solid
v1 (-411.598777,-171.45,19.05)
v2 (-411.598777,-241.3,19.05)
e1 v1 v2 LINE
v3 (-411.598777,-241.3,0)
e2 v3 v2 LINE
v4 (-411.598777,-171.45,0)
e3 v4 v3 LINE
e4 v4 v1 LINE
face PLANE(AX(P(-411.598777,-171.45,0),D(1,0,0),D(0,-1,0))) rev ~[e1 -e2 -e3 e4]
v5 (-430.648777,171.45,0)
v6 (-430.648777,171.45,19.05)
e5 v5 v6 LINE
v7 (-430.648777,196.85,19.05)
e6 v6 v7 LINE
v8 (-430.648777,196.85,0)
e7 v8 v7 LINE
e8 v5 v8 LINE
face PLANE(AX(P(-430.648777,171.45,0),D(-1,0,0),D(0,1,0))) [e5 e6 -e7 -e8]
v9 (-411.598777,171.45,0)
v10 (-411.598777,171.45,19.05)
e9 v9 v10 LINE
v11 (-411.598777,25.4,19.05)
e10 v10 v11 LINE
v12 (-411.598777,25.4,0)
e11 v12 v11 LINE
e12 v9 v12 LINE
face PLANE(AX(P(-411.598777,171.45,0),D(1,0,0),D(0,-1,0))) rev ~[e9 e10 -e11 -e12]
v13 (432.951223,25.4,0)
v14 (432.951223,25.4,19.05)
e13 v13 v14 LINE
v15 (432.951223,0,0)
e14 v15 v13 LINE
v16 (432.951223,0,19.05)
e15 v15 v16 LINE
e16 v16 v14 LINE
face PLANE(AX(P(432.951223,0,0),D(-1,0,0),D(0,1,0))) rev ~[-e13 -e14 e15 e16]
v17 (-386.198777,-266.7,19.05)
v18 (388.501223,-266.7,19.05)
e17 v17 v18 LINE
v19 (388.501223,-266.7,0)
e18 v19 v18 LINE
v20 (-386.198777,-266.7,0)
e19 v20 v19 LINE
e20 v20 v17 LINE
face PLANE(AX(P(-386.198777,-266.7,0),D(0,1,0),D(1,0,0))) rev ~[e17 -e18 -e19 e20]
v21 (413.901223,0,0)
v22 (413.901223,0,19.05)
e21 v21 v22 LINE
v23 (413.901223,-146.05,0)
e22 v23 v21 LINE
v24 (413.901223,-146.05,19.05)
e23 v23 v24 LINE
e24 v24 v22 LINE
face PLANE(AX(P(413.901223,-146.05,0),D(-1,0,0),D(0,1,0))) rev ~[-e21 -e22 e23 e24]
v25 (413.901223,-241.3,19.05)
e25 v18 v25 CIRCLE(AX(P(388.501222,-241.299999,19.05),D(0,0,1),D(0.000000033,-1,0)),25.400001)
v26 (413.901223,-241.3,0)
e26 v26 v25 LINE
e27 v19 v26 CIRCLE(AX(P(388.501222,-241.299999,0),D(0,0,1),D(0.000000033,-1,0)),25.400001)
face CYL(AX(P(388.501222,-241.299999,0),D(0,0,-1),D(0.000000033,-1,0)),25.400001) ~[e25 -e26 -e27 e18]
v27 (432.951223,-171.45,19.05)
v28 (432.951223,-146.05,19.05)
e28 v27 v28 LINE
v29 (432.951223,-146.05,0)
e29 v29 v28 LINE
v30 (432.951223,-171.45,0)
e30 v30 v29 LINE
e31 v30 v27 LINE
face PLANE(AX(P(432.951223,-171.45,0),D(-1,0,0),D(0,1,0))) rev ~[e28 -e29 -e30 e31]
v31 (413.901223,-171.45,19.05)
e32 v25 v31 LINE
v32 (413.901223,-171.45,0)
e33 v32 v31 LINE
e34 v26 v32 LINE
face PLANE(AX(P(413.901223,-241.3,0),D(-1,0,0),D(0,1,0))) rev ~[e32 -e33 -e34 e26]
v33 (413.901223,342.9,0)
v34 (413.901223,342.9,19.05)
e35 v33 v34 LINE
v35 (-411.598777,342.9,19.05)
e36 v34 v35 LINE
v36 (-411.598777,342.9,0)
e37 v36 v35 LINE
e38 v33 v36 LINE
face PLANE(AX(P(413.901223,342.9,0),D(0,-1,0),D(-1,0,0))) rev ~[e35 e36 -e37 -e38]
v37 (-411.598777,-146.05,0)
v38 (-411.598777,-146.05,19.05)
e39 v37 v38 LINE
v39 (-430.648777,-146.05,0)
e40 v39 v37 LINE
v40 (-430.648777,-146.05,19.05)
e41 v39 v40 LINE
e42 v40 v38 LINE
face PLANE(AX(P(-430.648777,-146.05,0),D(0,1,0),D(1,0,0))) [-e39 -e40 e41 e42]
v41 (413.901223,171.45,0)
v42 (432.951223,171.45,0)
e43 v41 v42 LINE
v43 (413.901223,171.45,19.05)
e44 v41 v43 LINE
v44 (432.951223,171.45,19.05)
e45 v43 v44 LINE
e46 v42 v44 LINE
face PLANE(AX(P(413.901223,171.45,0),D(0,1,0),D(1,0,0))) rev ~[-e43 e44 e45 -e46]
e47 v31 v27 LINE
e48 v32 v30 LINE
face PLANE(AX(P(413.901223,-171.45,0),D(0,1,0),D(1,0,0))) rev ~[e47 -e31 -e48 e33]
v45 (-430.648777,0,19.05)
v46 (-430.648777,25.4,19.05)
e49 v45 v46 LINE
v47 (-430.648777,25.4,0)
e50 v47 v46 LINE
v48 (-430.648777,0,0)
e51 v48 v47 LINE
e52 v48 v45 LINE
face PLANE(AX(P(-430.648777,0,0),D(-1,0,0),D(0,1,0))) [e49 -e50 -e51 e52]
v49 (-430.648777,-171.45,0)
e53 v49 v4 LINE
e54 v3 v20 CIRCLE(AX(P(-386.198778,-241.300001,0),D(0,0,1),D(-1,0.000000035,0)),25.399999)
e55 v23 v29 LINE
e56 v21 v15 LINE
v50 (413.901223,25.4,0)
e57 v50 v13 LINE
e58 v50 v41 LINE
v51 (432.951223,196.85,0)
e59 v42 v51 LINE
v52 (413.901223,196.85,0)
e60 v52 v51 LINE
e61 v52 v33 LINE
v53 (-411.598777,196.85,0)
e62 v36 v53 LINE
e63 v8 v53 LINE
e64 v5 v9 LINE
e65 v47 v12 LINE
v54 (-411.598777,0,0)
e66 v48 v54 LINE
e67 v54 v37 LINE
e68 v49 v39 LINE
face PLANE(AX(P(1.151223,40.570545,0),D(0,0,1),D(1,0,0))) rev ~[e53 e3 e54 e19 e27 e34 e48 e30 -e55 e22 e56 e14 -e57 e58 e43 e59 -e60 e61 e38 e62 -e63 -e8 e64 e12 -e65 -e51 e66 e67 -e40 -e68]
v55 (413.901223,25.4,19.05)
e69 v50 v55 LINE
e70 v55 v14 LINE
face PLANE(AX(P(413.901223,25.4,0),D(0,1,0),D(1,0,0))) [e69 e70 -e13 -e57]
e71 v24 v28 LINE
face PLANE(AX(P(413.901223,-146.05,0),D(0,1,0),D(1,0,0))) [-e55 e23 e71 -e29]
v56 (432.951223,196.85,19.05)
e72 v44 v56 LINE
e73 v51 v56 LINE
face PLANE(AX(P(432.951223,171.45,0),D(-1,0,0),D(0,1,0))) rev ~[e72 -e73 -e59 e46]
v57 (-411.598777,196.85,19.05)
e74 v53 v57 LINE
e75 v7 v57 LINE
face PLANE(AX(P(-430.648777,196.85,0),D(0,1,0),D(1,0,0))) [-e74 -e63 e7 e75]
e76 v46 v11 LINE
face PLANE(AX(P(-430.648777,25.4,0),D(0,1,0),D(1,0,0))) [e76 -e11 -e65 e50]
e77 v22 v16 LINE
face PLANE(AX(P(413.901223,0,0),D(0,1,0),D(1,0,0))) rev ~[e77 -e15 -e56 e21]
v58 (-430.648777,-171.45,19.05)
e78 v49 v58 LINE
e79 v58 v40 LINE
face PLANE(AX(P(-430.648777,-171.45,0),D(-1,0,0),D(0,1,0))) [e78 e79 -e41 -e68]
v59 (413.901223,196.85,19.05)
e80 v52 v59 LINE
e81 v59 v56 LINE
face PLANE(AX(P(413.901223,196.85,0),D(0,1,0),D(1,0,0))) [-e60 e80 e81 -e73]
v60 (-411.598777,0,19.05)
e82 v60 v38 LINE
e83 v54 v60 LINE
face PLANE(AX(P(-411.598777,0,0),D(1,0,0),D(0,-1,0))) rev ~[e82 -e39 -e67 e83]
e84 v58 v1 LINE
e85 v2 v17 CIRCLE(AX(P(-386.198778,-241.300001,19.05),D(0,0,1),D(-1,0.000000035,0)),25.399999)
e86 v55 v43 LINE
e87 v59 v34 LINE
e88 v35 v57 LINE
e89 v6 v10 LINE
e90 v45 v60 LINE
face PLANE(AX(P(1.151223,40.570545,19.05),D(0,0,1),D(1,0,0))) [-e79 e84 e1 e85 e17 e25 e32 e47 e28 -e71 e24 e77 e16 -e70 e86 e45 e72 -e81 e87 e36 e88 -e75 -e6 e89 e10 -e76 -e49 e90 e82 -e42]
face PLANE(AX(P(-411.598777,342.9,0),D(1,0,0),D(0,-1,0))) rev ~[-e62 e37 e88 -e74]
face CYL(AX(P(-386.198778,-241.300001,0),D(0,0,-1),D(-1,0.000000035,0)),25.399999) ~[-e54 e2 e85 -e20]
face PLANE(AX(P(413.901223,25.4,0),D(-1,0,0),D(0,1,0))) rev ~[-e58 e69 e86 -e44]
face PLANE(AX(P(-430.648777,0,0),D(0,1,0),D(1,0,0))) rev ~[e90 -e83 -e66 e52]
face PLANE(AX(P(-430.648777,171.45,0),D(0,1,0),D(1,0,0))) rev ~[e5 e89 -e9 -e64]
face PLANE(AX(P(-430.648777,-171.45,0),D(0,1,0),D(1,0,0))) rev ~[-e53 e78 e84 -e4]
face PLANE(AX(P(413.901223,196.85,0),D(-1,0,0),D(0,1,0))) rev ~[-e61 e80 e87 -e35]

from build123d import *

# Parameters (mm, degrees)
F0_W     = 19.05
F0_H     = 25.4
F1_DEPTH = 19.05


with BuildPart() as f1:
    # F0 (on Top) → F1 (new body)
    with BuildSketch(Plane.XY):
        with BuildLine():
            Line((413.901223, 342.9), (-411.598777, 342.9))
            Line((-411.598777, 342.9), (-411.598777, 196.85))
            Line((-411.598777, 196.85), (-411.598777, 171.45))
            Line((-411.598777, 171.45), (-411.598777, 25.4))
            Line((-411.598777, 25.4), (-411.598777, 0))
            Line((-411.598777, 0), (-411.598777, -146.05))
            Line((-411.598777, -146.05), (-411.598777, -171.45))
            Line((-411.598777, -171.45), (-411.598777, -241.3))
            ThreePointArc((-411.598777, -241.3), (-404.15929, -259.260512), (-386.198777, -266.7))
            Line((-386.198777, -266.7), (388.501223, -266.7))
            ThreePointArc((388.501223, -266.7), (406.461735, -259.260512), (413.901223, -241.3))
            Line((413.901223, -241.3), (413.901223, -171.45))
            Line((413.901223, -171.45), (413.901223, -146.05))
            Line((413.901223, -146.05), (413.901223, 0))
            Line((413.901223, 0), (413.901223, 25.4))
            Line((413.901223, 25.4), (413.901223, 171.45))
            Line((413.901223, 171.45), (413.901223, 196.85))
            Line((413.901223, 196.85), (413.901223, 342.9))
        make_face()
        with Locations((-421.123777, 184.15)):
            Rectangle(F0_W, F0_H)
        with Locations((423.426223, 184.15)):
            Rectangle(F0_W, F0_H)
        with Locations((-421.123777, 12.7)):
            Rectangle(F0_W, F0_H)
        with Locations((423.426223, 12.7)):
            Rectangle(F0_W, F0_H)
        with Locations((-421.123777, -158.75)):
            Rectangle(F0_W, F0_H)
        with Locations((423.426223, -158.75)):
            Rectangle(F0_W, F0_H)
    extrude(amount=F1_DEPTH)


solid = f1.part
